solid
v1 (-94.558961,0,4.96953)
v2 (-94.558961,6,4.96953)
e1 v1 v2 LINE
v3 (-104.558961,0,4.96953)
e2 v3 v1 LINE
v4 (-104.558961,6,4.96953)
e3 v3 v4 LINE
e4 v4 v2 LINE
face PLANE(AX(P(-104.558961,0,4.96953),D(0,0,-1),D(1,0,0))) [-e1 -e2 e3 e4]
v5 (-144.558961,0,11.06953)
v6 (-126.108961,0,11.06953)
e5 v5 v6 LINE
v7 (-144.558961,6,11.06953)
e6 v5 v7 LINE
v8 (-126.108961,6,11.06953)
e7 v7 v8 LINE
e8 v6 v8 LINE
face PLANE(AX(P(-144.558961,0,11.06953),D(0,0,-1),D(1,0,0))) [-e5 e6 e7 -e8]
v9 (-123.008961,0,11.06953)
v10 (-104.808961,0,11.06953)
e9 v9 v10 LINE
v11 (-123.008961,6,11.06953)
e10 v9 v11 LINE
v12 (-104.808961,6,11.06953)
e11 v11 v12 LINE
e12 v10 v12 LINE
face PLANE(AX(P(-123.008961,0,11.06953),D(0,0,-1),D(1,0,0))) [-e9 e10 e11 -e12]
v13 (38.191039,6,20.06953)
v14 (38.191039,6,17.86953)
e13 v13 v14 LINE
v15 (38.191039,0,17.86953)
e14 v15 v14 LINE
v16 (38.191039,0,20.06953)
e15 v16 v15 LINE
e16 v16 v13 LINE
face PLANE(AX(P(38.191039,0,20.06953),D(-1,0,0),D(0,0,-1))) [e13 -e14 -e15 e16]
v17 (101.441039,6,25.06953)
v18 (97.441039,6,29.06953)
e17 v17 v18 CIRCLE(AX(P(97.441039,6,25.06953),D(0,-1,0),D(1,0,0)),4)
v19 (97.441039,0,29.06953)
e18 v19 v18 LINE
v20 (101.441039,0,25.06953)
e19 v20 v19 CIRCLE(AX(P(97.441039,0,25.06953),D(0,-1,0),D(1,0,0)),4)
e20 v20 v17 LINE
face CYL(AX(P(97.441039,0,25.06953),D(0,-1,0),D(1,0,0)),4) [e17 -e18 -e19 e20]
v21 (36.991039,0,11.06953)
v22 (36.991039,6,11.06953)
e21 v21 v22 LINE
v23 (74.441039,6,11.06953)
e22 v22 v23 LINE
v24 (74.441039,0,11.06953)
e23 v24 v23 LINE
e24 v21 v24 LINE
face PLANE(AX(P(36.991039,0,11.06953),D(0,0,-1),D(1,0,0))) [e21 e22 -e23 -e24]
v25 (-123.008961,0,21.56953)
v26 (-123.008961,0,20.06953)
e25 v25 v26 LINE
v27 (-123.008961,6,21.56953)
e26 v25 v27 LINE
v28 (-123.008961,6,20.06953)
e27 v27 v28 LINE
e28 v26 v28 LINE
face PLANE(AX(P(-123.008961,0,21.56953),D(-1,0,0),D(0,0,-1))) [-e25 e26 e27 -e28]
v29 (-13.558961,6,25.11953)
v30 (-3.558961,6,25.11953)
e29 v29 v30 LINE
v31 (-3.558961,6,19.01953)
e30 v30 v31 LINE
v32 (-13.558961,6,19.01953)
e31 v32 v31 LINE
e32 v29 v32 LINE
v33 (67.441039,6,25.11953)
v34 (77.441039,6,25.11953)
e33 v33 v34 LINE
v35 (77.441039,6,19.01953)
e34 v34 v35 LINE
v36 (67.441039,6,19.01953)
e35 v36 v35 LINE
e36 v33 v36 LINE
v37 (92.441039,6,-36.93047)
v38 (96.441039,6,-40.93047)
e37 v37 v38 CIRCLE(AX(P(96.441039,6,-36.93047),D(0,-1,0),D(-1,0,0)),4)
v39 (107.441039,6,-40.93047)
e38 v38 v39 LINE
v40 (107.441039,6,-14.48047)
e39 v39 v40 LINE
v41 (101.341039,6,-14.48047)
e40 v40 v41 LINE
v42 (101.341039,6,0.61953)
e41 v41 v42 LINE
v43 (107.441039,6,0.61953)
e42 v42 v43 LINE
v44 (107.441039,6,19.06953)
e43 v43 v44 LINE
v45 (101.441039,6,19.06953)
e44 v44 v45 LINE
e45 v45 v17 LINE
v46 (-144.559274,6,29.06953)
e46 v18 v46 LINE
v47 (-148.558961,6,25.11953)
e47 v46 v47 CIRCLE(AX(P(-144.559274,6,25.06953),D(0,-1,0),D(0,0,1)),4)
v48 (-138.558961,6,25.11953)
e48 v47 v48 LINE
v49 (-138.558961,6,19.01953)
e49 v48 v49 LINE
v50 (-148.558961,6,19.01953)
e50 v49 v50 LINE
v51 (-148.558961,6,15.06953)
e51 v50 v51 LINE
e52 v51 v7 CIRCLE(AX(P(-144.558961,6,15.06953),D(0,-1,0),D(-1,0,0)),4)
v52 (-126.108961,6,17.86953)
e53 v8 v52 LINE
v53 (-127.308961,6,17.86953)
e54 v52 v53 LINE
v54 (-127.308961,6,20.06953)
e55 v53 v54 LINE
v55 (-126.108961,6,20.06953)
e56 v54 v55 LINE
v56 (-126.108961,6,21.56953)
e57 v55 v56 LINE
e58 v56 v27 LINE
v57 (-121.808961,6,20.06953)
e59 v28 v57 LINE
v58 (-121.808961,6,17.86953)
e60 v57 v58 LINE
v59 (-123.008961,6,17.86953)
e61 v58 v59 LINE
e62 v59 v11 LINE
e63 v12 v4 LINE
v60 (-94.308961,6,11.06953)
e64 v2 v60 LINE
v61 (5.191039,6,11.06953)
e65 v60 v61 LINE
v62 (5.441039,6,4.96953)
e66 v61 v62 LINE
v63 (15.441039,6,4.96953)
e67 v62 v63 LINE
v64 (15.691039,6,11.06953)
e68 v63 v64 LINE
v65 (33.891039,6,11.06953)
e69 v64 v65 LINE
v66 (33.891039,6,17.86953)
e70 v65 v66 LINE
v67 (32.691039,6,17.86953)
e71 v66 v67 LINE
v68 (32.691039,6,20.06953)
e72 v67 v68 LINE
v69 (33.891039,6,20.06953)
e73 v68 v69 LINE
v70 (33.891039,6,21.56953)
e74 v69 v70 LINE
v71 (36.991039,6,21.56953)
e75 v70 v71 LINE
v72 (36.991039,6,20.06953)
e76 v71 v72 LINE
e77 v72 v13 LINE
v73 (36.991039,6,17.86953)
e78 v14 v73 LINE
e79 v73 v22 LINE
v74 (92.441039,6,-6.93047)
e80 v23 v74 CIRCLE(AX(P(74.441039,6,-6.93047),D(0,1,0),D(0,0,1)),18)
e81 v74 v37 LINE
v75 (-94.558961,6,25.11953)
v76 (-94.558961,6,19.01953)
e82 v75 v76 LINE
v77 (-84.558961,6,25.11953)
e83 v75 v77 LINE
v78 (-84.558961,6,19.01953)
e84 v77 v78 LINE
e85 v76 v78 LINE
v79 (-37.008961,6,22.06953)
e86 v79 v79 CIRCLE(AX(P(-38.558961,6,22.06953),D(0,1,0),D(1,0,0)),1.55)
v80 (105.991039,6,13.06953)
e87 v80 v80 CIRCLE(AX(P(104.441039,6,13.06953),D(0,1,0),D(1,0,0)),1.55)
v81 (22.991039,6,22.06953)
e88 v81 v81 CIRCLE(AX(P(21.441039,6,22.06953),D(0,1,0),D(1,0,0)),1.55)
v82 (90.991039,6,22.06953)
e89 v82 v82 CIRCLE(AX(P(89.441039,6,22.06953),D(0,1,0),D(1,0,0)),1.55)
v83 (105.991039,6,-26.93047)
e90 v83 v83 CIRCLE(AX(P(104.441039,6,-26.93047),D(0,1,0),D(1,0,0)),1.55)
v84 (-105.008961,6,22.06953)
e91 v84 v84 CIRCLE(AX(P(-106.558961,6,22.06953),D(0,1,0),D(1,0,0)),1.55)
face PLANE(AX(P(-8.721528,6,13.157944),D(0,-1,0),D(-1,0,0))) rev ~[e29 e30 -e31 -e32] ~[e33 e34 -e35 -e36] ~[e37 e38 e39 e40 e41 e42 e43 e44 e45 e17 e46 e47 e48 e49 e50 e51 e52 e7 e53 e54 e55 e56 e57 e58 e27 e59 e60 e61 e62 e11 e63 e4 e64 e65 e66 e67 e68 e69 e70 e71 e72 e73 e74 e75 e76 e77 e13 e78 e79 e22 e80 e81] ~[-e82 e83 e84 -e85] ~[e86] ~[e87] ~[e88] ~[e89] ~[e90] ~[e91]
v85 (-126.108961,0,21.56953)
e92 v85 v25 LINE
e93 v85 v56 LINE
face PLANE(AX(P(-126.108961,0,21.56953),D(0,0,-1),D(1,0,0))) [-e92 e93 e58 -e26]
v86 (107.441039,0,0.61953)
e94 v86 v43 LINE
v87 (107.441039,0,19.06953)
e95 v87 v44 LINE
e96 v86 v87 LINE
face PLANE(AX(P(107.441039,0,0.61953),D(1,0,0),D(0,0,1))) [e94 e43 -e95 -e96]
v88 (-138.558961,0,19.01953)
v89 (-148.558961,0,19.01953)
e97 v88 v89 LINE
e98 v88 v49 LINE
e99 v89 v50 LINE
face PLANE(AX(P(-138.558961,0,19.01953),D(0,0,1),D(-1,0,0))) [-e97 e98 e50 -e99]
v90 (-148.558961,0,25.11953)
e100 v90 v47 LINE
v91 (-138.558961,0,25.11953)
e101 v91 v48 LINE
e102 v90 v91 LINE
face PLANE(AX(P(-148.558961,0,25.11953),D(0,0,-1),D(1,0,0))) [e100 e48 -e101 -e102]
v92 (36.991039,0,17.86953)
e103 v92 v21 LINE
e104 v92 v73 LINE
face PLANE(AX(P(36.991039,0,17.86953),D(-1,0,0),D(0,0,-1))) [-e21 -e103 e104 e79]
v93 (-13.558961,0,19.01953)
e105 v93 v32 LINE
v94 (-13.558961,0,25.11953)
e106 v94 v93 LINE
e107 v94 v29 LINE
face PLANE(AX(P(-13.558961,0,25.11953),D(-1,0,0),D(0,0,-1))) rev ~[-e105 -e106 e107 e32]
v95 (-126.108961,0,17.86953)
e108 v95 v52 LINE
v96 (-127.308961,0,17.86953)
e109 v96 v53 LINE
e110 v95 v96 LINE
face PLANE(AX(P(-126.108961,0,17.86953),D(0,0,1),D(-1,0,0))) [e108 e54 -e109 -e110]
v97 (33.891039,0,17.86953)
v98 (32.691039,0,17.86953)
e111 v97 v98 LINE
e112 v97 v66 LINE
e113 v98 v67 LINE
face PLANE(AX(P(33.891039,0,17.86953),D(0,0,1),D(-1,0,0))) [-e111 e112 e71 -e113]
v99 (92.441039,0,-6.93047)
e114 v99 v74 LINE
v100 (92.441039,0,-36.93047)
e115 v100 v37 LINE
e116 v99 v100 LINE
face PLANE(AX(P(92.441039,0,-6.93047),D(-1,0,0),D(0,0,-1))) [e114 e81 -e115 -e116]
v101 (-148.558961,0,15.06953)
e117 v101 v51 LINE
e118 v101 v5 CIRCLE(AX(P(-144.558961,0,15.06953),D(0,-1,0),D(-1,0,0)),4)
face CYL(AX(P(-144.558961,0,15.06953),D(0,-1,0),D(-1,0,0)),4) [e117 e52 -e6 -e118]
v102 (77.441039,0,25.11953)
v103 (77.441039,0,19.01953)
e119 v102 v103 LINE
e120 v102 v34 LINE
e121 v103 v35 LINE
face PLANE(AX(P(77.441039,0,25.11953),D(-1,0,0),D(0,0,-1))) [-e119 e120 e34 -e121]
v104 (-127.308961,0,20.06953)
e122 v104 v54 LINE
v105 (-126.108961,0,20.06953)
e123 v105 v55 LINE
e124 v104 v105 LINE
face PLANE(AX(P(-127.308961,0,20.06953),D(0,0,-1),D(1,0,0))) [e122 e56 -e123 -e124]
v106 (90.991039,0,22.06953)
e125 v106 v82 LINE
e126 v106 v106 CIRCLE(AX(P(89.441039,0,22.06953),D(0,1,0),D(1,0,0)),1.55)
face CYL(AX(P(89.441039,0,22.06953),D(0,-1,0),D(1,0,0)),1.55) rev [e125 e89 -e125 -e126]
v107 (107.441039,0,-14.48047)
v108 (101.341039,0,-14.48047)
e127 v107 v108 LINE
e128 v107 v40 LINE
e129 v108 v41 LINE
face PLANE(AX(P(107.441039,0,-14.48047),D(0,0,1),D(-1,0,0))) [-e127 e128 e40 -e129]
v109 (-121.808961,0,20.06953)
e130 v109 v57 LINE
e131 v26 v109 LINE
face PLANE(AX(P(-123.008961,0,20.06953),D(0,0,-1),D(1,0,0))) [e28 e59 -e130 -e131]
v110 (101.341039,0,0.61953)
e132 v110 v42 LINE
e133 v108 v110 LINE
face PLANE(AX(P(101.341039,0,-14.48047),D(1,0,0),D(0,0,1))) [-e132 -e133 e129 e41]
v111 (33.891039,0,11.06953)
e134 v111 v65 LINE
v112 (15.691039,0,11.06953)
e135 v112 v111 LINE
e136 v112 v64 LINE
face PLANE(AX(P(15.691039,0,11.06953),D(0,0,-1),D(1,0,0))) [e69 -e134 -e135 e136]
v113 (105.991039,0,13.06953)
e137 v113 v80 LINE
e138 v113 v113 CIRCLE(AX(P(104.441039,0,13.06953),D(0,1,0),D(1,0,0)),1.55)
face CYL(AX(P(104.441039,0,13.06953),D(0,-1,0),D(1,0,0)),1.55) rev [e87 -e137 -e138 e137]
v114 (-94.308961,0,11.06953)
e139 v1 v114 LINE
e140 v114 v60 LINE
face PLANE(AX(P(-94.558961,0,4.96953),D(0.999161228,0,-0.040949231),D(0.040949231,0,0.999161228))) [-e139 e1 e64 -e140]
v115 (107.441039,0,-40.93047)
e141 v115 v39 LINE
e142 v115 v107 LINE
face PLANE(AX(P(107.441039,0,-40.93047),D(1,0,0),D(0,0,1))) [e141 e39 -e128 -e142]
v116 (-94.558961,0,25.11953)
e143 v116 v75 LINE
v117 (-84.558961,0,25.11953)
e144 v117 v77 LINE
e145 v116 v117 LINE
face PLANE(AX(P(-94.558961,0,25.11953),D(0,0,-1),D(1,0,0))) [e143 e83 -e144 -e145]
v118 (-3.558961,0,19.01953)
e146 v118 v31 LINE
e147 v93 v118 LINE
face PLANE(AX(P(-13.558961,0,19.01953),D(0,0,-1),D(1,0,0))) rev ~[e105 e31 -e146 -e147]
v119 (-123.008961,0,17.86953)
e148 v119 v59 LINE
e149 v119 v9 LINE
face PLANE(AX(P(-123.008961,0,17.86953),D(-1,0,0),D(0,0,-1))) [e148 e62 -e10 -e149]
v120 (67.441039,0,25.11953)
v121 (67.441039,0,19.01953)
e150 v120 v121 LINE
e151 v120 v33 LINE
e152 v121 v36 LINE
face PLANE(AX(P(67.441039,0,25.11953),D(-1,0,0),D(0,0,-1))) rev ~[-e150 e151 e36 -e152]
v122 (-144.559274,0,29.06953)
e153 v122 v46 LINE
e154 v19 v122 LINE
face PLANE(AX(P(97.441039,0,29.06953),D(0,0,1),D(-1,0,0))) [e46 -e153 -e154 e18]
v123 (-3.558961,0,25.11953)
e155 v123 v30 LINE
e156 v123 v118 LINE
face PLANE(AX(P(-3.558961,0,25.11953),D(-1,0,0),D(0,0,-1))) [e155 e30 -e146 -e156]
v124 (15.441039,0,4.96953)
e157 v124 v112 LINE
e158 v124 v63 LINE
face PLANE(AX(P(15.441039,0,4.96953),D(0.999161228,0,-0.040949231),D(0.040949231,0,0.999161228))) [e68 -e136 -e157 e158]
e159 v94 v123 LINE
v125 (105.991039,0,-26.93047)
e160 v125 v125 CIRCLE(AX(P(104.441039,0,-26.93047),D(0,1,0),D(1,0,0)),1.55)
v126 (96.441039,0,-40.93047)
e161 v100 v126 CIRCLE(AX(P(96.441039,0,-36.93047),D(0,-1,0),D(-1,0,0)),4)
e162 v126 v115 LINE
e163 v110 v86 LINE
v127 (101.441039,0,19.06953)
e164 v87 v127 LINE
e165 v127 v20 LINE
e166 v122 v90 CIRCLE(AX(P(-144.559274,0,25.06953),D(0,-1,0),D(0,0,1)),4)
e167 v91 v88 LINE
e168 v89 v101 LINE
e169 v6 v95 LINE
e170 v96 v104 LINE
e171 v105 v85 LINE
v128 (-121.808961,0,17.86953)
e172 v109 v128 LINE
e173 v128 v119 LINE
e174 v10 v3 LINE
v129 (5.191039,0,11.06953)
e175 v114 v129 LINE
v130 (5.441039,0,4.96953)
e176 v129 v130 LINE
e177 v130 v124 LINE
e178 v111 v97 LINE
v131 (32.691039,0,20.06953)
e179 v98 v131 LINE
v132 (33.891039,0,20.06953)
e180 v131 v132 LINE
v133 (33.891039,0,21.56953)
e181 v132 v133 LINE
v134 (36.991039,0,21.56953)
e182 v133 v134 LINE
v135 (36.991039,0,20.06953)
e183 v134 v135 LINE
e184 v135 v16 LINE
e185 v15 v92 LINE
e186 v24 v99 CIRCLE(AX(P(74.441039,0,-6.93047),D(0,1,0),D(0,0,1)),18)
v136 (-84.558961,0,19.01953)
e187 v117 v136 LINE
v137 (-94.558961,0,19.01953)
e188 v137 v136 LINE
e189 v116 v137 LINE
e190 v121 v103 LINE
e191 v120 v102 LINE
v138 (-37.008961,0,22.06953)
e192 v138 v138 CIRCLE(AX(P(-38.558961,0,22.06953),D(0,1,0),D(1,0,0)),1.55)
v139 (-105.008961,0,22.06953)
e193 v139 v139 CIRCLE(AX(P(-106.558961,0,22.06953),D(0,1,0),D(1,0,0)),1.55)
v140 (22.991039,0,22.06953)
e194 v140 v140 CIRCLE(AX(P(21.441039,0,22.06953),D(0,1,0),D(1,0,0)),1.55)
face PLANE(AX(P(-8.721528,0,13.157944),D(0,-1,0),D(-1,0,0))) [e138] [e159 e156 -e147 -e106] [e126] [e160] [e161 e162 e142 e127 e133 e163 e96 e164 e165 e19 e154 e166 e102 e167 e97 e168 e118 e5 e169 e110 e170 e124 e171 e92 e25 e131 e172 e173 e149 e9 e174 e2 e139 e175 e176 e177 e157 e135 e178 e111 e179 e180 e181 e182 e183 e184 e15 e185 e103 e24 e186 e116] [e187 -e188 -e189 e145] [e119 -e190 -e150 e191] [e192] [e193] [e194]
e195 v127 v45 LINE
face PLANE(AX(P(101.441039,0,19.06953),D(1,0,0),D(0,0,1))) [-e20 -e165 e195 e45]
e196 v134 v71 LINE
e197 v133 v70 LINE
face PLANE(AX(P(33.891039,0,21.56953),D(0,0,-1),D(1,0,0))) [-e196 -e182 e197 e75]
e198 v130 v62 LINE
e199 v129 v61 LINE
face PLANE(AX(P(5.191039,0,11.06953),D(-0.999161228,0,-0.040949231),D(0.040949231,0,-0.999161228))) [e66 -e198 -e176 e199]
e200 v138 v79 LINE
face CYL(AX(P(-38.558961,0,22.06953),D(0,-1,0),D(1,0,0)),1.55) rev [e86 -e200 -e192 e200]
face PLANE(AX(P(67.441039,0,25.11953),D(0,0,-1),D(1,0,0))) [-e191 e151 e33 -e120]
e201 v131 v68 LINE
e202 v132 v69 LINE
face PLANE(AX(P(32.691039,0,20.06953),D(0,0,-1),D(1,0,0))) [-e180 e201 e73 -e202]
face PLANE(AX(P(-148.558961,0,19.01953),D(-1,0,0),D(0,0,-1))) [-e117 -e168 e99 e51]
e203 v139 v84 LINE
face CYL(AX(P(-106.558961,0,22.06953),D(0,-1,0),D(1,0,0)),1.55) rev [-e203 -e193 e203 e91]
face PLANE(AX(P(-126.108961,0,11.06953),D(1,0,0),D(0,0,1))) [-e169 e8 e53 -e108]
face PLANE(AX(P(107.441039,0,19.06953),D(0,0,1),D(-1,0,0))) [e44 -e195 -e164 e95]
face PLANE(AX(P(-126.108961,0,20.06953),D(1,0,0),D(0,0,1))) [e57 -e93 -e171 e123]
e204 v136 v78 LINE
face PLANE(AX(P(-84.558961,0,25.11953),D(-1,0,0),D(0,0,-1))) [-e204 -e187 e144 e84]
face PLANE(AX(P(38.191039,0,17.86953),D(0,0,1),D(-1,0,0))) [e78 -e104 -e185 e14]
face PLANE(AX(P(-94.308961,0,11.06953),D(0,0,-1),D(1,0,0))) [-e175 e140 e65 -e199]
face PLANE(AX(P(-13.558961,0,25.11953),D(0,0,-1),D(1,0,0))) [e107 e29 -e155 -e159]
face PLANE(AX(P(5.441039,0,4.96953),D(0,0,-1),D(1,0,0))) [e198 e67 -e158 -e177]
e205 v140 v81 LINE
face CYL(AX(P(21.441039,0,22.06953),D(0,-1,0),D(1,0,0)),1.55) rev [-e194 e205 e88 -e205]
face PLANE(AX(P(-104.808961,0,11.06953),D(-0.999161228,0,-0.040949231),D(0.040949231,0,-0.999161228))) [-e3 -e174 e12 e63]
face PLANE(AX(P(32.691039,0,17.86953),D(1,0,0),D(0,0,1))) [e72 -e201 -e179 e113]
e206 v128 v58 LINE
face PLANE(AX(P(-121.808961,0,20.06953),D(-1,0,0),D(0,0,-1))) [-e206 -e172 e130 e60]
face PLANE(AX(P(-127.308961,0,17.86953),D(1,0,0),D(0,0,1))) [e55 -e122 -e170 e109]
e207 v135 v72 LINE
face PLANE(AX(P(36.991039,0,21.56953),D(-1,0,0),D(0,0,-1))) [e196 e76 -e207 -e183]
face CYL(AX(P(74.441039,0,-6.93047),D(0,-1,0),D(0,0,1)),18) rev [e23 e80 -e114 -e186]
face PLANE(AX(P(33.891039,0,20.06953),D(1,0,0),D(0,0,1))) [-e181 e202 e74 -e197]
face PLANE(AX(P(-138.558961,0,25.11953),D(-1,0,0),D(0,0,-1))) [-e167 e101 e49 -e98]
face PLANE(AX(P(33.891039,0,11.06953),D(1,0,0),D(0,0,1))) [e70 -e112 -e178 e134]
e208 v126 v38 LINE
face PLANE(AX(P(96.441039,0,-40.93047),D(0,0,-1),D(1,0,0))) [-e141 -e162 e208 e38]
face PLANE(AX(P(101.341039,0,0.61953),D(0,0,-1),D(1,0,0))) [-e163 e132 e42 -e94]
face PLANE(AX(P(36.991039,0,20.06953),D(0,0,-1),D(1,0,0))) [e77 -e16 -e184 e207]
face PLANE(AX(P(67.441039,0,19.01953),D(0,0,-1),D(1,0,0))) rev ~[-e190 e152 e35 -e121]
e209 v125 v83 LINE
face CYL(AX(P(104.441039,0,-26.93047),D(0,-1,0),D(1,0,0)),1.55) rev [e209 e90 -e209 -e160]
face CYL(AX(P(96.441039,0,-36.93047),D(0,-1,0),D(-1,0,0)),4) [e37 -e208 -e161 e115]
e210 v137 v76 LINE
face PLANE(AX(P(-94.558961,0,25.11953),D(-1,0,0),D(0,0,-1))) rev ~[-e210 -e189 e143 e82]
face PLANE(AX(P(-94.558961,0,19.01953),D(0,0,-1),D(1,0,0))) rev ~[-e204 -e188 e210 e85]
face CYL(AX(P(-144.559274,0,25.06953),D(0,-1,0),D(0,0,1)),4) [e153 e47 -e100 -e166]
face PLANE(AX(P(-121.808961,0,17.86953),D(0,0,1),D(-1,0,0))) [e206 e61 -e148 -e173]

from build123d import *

# Parameters (mm, degrees)
SKETCH_1_R      = 1.55
SKETCH_1_W      = 10
SKETCH_1_H      = 6.1
EXTRUDE_1_DEPTH = 6


with BuildPart() as part:
    # Эскиз1 → Бобышка-Вытянуть1 (new body)
    with BuildSketch(Plane(origin=(0, 0, 0), x_dir=(1, 0, 0), z_dir=(0, 1, 0))):
        with BuildLine():
            Line((33.891038961, -17.86953047), (32.691038961, -17.86953047))
            Line((32.691038961, -17.86953047), (32.691038961, -20.06953047))
            Line((32.691038961, -20.06953047), (33.891038961, -20.06953047))
            Line((33.891038961, -20.06953047), (33.891038961, -21.56953047))
            Line((33.891038961, -21.56953047), (36.991038961, -21.56953047))
            Line((36.991038961, -21.56953047), (36.991038961, -20.06953047))
            Line((36.991038961, -20.06953047), (38.191038961, -20.06953047))
            Line((38.191038961, -20.06953047), (38.191038961, -17.86953047))
            Line((38.191038961, -17.86953047), (36.991038961, -17.86953047))
            Line((36.991038961, -17.86953047), (36.991038961, -11.06953047))
            Line((36.991038961, -11.06953047), (74.441038961, -11.06953047))
            ThreePointArc((74.441038961, -11.06953047), (87.168961022, -5.797452531), (92.441038961, 6.93046953))
            Line((92.441038961, 6.93046953), (92.441038961, 36.93046953))
            ThreePointArc((92.441038961, 36.93046953), (93.612611836, 39.758896655), (96.441038961, 40.93046953))
            Line((96.441038961, 40.93046953), (107.441038961, 40.93046953))
            Line((107.441038961, 40.93046953), (107.441038961, 14.48046953))
            Line((107.441038961, 14.48046953), (101.341038961, 14.48046953))
            Line((101.341038961, 14.48046953), (101.341038961, -0.61953047))
            Line((101.341038961, -0.61953047), (107.441038961, -0.61953047))
            Line((107.441038961, -0.61953047), (107.441038961, -19.06953047))
            Line((107.441038961, -19.06953047), (101.441038961, -19.06953047))
            Line((101.441038961, -19.06953047), (101.441038961, -25.06953047))
            ThreePointArc((101.441038961, -25.06953047), (100.269466086, -27.897957594), (97.441038961, -29.06953047))
            Line((97.441038961, -29.06953047), (-144.559273551, -29.06953047))
            ThreePointArc((-144.559273551, -29.06953047), (-147.369967416, -27.915580364), (-148.558961039, -25.11953047))
            Line((-148.558961039, -25.11953047), (-138.558961039, -25.11953047))
            Line((-138.558961039, -25.11953047), (-138.558961039, -19.01953047))
            Line((-138.558961039, -19.01953047), (-148.558961039, -19.01953047))
            Line((-148.558961039, -19.01953047), (-148.558961039, -15.06953047))
            ThreePointArc((-148.558961039, -15.06953047), (-147.387388164, -12.241103345), (-144.558961039, -11.06953047))
            Line((-144.558961039, -11.06953047), (-126.108961039, -11.06953047))
            Line((-126.108961039, -11.06953047), (-126.108961039, -17.86953047))
            Line((-126.108961039, -17.86953047), (-127.308961039, -17.86953047))
            Line((-127.308961039, -17.86953047), (-127.308961039, -20.06953047))
            Line((-127.308961039, -20.06953047), (-126.108961039, -20.06953047))
            Line((-126.108961039, -20.06953047), (-126.108961039, -21.56953047))
            Line((-126.108961039, -21.56953047), (-123.008961039, -21.56953047))
            Line((-123.008961039, -21.56953047), (-123.008961039, -20.06953047))
            Line((-123.008961039, -20.06953047), (-121.808961039, -20.06953047))
            Line((-121.808961039, -20.06953047), (-121.808961039, -17.86953047))
            Line((-121.808961039, -17.86953047), (-123.008961039, -17.86953047))
            Line((-123.008961039, -17.86953047), (-123.008961039, -11.06953047))
            Line((-123.008961039, -11.06953047), (-104.808961039, -11.06953047))
            Line((-104.808961039, -11.06953047), (-104.558961039, -4.96953047))
            Line((-104.558961039, -4.96953047), (-94.558961039, -4.96953047))
            Line((-94.558961039, -4.96953047), (-94.308961039, -11.06953047))
            Line((-94.308961039, -11.06953047), (5.191038961, -11.06953047))
            Line((5.191038961, -11.06953047), (5.441038961, -4.96953047))
            Line((5.441038961, -4.96953047), (15.441038961, -4.96953047))
            Line((15.441038961, -4.96953047), (15.691038961, -11.06953047))
            Line((15.691038961, -11.06953047), (33.891038961, -11.06953047))
            Line((33.891038961, -11.06953047), (33.891038961, -17.86953047))
        make_face()
        with Locations((104.441038961, 26.93046953)):
            Circle(SKETCH_1_R, mode=Mode.SUBTRACT)
        with Locations((104.441038961, -13.06953047)):
            Circle(SKETCH_1_R, mode=Mode.SUBTRACT)
        with Locations((-106.558961039, -22.06953047)):
            Circle(SKETCH_1_R, mode=Mode.SUBTRACT)
        with Locations((-38.558961039, -22.06953047)):
            Circle(SKETCH_1_R, mode=Mode.SUBTRACT)
        with Locations((21.441038961, -22.06953047)):
            Circle(SKETCH_1_R, mode=Mode.SUBTRACT)
        with Locations((89.441038961, -22.06953047)):
            Circle(SKETCH_1_R, mode=Mode.SUBTRACT)
        with Locations((-89.558961039, -22.06953047)):
            Rectangle(SKETCH_1_W, SKETCH_1_H, mode=Mode.SUBTRACT)
        with Locations((72.441038961, -22.06953047)):
            Rectangle(SKETCH_1_W, SKETCH_1_H, mode=Mode.SUBTRACT)
        with Locations((-8.558961039, -22.06953047)):
            Rectangle(SKETCH_1_W, SKETCH_1_H, mode=Mode.SUBTRACT)
    extrude(amount=EXTRUDE_1_DEPTH)


solid = part.part
